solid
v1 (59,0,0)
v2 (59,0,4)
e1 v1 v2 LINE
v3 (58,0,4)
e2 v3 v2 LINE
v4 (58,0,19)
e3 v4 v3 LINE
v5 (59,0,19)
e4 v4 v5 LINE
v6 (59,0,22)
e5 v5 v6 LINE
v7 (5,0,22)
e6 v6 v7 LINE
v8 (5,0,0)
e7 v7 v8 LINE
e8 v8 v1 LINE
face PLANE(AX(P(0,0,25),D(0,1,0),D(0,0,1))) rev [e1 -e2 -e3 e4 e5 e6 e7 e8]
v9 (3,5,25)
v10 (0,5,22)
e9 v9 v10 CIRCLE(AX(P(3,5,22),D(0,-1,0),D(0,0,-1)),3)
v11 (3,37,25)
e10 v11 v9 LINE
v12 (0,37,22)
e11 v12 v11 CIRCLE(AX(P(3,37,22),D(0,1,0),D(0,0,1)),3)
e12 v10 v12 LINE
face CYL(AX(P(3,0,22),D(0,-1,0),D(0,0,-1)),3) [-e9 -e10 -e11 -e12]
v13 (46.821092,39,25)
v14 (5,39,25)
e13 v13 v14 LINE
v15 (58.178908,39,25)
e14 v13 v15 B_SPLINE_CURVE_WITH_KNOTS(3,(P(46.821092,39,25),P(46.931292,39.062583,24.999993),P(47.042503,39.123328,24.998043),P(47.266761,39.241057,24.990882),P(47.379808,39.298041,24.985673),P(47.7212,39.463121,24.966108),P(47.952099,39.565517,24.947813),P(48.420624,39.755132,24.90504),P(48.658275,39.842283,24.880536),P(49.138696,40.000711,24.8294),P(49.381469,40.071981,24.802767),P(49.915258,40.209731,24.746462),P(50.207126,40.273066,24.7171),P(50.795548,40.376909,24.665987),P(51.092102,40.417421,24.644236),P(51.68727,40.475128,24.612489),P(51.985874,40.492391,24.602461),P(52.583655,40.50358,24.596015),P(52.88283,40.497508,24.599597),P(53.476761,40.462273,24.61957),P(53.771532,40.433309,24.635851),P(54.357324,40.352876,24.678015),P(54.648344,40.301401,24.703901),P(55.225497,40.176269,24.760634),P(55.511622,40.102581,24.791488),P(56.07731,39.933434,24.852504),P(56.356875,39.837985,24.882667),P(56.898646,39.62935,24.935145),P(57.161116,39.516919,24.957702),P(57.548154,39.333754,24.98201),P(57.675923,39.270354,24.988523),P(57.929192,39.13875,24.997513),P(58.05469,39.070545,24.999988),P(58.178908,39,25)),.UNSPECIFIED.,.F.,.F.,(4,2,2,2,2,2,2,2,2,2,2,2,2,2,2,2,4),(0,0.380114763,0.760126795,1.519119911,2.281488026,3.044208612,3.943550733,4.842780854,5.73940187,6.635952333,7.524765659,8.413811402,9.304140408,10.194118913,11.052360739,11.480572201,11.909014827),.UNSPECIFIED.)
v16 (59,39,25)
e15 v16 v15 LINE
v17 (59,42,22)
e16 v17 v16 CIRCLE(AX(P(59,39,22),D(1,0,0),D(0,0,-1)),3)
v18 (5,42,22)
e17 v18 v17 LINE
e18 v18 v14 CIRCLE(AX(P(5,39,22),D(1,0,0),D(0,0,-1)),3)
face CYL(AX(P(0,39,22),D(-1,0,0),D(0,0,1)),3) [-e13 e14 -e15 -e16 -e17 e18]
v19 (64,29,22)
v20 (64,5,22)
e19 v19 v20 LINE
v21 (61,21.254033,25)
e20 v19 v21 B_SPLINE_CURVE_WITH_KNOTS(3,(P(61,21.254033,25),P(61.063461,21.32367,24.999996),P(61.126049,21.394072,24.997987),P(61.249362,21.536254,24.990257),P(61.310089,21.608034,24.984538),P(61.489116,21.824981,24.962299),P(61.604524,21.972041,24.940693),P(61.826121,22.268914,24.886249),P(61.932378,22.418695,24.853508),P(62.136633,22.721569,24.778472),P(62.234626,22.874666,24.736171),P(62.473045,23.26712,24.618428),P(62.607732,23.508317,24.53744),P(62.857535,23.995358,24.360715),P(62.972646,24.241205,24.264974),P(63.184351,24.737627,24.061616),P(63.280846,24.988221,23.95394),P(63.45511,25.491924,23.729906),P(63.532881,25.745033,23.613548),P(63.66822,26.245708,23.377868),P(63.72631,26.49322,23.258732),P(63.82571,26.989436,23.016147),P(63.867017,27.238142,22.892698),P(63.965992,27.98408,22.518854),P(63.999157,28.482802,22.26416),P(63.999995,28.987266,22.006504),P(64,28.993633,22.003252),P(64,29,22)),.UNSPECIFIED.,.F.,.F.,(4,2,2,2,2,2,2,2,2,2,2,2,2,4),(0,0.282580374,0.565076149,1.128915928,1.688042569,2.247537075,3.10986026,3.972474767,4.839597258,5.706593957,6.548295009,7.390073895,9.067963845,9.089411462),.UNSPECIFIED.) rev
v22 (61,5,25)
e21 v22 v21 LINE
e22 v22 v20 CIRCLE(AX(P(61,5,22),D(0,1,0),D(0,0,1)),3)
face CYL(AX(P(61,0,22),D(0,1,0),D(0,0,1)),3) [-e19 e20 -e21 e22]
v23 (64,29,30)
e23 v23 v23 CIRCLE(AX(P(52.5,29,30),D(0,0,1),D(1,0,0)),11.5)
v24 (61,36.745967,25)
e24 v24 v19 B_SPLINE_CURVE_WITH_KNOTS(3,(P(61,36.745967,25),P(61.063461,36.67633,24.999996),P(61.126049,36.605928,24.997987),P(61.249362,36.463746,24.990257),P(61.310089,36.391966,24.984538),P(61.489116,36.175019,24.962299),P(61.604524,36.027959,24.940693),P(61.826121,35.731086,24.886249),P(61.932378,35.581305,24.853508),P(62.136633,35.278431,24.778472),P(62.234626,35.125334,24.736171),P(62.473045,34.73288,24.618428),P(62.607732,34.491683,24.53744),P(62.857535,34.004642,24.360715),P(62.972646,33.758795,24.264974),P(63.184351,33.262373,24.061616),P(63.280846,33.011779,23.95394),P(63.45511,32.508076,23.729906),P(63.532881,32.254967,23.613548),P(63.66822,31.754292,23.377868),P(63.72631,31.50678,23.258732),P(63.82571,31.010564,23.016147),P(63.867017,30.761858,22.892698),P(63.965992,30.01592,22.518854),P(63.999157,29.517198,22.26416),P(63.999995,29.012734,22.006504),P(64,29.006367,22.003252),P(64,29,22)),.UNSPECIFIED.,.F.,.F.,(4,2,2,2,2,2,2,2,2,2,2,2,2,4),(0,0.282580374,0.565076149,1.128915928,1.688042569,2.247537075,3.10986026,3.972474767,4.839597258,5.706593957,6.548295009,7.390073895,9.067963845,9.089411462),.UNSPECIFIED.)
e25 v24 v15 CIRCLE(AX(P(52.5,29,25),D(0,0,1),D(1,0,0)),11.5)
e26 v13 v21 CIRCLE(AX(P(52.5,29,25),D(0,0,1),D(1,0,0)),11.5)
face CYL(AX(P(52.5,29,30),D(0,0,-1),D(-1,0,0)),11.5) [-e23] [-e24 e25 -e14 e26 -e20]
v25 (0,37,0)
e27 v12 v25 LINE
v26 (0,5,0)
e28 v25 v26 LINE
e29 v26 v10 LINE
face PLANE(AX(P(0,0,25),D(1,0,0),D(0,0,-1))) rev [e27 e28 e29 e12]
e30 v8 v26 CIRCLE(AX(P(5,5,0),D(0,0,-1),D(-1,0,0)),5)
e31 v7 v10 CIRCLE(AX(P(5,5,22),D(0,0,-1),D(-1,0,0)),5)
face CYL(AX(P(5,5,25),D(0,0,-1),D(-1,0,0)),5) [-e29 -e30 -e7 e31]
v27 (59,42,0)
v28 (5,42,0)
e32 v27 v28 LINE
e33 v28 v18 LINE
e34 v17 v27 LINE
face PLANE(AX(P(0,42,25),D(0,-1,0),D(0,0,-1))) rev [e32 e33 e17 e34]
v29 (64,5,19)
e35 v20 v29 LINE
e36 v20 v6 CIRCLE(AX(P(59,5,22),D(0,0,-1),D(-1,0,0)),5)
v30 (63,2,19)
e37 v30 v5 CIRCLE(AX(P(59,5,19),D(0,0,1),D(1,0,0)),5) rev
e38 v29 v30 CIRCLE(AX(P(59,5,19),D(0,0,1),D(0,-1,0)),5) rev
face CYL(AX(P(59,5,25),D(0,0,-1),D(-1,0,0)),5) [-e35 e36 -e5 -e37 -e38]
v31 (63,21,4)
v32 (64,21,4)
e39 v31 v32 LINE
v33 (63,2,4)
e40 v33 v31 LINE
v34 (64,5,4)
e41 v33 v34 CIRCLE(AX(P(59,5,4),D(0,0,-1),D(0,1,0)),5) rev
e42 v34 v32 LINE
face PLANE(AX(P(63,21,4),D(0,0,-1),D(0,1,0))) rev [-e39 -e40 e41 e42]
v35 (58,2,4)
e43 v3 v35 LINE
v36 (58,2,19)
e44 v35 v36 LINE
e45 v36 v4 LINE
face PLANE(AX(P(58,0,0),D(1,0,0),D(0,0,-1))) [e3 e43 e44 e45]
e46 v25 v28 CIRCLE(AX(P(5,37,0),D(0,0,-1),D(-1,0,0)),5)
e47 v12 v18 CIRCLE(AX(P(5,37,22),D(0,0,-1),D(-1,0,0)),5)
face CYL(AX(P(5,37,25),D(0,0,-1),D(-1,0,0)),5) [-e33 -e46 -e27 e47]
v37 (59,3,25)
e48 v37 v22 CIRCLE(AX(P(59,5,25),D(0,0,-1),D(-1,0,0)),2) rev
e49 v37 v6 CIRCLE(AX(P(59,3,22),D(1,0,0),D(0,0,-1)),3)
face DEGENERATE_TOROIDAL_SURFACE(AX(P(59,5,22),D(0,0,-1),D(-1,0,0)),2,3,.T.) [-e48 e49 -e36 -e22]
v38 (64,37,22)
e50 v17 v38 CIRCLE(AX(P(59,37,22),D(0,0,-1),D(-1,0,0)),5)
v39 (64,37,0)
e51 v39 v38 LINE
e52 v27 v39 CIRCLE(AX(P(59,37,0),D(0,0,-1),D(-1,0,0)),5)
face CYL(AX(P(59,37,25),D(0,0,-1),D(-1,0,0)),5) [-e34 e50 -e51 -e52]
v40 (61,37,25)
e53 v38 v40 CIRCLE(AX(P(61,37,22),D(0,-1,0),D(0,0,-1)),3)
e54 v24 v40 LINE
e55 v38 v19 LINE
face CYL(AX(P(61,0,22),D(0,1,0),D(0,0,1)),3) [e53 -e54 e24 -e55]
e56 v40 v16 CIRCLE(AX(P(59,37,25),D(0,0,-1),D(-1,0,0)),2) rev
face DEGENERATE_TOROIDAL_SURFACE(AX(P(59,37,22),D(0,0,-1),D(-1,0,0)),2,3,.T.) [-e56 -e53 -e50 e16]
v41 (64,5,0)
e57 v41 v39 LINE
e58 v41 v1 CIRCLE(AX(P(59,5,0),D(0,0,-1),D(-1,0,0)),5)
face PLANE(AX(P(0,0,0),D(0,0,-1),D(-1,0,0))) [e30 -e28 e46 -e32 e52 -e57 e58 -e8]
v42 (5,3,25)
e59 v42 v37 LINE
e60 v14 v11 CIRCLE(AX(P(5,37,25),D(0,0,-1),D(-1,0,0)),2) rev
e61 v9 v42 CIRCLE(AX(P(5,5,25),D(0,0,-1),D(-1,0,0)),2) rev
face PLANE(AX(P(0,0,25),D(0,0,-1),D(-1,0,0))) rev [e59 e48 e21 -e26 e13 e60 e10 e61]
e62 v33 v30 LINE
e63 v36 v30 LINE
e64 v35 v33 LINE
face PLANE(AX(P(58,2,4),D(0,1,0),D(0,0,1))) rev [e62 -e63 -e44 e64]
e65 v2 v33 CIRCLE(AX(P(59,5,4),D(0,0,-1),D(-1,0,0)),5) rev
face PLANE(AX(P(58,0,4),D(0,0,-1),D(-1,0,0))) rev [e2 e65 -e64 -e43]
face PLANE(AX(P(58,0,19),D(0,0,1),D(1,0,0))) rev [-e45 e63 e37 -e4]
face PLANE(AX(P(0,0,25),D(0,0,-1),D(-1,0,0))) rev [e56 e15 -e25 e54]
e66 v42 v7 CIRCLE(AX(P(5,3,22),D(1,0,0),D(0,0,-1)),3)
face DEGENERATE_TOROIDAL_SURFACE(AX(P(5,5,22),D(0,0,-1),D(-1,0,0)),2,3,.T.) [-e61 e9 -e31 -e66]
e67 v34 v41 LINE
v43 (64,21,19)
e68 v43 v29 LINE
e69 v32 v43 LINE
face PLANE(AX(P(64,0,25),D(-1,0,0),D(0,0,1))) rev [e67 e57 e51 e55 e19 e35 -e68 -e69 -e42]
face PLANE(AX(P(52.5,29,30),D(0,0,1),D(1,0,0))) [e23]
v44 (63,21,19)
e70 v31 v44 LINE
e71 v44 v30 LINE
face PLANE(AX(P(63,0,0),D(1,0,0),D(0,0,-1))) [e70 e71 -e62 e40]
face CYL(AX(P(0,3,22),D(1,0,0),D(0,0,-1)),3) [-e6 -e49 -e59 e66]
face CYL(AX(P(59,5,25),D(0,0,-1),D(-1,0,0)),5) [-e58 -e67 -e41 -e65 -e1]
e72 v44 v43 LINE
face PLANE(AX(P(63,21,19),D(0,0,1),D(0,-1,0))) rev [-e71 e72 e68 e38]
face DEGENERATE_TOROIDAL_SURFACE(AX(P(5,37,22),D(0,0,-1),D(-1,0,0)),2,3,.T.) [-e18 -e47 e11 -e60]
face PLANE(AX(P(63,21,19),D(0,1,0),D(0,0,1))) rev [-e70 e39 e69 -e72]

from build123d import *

# Parameters (mm, degrees)
SKETCH1_W           = 64
SKETCH1_H           = 42
BOSS_EXTRUDE1_DEPTH = 25
FILLET2_R           = 5
FILLET4_R           = 3
BOSS_EXTRUDE3_START = -3
SKETCH2_R           = 11.5
BOSS_EXTRUDE3_DEPTH = 8
SKETCH3_W           = 15
SKETCH3_H           = 21
CUT_EXTRUDE1_DEPTH  = 1
SKETCH4_W           = 15
SKETCH4_H           = 2
CUT_EXTRUDE2_DEPTH  = 5


with BuildPart() as part:
    # Sketch1 → Boss-Extrude1 (new body)
    with BuildSketch(Plane.XY):
        with Locations((32, 21)):
            Rectangle(SKETCH1_W, SKETCH1_H)
    extrude(amount=BOSS_EXTRUDE1_DEPTH)

    # Fillet2
    fillet2_edges = [part.edges().sort_by_distance(p)[0] for p in [
        (0, 42, 12.5),
        (64, 42, 12.5),
        (64, 0, 12.5),
        (0, 0, 12.5),
    ]]
    fillet(fillet2_edges, radius=FILLET2_R)

    # Fillet4
    fillet4_edges = [part.edges().sort_by_distance(p)[0] for p in [
        (64, 21, 25),
        (32, 0, 25),
        (0, 21, 25),
        (32, 42, 25),
        (62.535533906, 40.535533906, 25),
        (1.464466094, 40.535533906, 25),
        (1.464466094, 1.464466094, 25),
        (62.535533906, 1.464466094, 25),
    ]]
    fillet(fillet4_edges, radius=FILLET4_R)

    # Sketch2 → Boss-Extrude3 (add)
    with BuildSketch(Plane.XY.offset(25).offset(BOSS_EXTRUDE3_START)):
        with Locations((52.5, 29)):
            Circle(SKETCH2_R)
    extrude(amount=BOSS_EXTRUDE3_DEPTH)

    # Sketch3 → Cut-Extrude1 (cut)
    with BuildSketch(Plane(origin=(64, 0, 0), x_dir=(0, 0, -1), z_dir=(1, 0, 0))):
        with Locations((-11.5, 10.5)):
            Rectangle(SKETCH3_W, SKETCH3_H)
    extrude(amount=-CUT_EXTRUDE1_DEPTH, mode=Mode.SUBTRACT)

    # Sketch4 → Cut-Extrude2 (cut)
    with BuildSketch(Plane(origin=(63, 0, 0), x_dir=(0, 0, -1), z_dir=(1, 0, 0))):
        with Locations((-11.5, 1)):
            Rectangle(SKETCH4_W, SKETCH4_H)
    extrude(amount=-CUT_EXTRUDE2_DEPTH, mode=Mode.SUBTRACT)


solid = part.part
